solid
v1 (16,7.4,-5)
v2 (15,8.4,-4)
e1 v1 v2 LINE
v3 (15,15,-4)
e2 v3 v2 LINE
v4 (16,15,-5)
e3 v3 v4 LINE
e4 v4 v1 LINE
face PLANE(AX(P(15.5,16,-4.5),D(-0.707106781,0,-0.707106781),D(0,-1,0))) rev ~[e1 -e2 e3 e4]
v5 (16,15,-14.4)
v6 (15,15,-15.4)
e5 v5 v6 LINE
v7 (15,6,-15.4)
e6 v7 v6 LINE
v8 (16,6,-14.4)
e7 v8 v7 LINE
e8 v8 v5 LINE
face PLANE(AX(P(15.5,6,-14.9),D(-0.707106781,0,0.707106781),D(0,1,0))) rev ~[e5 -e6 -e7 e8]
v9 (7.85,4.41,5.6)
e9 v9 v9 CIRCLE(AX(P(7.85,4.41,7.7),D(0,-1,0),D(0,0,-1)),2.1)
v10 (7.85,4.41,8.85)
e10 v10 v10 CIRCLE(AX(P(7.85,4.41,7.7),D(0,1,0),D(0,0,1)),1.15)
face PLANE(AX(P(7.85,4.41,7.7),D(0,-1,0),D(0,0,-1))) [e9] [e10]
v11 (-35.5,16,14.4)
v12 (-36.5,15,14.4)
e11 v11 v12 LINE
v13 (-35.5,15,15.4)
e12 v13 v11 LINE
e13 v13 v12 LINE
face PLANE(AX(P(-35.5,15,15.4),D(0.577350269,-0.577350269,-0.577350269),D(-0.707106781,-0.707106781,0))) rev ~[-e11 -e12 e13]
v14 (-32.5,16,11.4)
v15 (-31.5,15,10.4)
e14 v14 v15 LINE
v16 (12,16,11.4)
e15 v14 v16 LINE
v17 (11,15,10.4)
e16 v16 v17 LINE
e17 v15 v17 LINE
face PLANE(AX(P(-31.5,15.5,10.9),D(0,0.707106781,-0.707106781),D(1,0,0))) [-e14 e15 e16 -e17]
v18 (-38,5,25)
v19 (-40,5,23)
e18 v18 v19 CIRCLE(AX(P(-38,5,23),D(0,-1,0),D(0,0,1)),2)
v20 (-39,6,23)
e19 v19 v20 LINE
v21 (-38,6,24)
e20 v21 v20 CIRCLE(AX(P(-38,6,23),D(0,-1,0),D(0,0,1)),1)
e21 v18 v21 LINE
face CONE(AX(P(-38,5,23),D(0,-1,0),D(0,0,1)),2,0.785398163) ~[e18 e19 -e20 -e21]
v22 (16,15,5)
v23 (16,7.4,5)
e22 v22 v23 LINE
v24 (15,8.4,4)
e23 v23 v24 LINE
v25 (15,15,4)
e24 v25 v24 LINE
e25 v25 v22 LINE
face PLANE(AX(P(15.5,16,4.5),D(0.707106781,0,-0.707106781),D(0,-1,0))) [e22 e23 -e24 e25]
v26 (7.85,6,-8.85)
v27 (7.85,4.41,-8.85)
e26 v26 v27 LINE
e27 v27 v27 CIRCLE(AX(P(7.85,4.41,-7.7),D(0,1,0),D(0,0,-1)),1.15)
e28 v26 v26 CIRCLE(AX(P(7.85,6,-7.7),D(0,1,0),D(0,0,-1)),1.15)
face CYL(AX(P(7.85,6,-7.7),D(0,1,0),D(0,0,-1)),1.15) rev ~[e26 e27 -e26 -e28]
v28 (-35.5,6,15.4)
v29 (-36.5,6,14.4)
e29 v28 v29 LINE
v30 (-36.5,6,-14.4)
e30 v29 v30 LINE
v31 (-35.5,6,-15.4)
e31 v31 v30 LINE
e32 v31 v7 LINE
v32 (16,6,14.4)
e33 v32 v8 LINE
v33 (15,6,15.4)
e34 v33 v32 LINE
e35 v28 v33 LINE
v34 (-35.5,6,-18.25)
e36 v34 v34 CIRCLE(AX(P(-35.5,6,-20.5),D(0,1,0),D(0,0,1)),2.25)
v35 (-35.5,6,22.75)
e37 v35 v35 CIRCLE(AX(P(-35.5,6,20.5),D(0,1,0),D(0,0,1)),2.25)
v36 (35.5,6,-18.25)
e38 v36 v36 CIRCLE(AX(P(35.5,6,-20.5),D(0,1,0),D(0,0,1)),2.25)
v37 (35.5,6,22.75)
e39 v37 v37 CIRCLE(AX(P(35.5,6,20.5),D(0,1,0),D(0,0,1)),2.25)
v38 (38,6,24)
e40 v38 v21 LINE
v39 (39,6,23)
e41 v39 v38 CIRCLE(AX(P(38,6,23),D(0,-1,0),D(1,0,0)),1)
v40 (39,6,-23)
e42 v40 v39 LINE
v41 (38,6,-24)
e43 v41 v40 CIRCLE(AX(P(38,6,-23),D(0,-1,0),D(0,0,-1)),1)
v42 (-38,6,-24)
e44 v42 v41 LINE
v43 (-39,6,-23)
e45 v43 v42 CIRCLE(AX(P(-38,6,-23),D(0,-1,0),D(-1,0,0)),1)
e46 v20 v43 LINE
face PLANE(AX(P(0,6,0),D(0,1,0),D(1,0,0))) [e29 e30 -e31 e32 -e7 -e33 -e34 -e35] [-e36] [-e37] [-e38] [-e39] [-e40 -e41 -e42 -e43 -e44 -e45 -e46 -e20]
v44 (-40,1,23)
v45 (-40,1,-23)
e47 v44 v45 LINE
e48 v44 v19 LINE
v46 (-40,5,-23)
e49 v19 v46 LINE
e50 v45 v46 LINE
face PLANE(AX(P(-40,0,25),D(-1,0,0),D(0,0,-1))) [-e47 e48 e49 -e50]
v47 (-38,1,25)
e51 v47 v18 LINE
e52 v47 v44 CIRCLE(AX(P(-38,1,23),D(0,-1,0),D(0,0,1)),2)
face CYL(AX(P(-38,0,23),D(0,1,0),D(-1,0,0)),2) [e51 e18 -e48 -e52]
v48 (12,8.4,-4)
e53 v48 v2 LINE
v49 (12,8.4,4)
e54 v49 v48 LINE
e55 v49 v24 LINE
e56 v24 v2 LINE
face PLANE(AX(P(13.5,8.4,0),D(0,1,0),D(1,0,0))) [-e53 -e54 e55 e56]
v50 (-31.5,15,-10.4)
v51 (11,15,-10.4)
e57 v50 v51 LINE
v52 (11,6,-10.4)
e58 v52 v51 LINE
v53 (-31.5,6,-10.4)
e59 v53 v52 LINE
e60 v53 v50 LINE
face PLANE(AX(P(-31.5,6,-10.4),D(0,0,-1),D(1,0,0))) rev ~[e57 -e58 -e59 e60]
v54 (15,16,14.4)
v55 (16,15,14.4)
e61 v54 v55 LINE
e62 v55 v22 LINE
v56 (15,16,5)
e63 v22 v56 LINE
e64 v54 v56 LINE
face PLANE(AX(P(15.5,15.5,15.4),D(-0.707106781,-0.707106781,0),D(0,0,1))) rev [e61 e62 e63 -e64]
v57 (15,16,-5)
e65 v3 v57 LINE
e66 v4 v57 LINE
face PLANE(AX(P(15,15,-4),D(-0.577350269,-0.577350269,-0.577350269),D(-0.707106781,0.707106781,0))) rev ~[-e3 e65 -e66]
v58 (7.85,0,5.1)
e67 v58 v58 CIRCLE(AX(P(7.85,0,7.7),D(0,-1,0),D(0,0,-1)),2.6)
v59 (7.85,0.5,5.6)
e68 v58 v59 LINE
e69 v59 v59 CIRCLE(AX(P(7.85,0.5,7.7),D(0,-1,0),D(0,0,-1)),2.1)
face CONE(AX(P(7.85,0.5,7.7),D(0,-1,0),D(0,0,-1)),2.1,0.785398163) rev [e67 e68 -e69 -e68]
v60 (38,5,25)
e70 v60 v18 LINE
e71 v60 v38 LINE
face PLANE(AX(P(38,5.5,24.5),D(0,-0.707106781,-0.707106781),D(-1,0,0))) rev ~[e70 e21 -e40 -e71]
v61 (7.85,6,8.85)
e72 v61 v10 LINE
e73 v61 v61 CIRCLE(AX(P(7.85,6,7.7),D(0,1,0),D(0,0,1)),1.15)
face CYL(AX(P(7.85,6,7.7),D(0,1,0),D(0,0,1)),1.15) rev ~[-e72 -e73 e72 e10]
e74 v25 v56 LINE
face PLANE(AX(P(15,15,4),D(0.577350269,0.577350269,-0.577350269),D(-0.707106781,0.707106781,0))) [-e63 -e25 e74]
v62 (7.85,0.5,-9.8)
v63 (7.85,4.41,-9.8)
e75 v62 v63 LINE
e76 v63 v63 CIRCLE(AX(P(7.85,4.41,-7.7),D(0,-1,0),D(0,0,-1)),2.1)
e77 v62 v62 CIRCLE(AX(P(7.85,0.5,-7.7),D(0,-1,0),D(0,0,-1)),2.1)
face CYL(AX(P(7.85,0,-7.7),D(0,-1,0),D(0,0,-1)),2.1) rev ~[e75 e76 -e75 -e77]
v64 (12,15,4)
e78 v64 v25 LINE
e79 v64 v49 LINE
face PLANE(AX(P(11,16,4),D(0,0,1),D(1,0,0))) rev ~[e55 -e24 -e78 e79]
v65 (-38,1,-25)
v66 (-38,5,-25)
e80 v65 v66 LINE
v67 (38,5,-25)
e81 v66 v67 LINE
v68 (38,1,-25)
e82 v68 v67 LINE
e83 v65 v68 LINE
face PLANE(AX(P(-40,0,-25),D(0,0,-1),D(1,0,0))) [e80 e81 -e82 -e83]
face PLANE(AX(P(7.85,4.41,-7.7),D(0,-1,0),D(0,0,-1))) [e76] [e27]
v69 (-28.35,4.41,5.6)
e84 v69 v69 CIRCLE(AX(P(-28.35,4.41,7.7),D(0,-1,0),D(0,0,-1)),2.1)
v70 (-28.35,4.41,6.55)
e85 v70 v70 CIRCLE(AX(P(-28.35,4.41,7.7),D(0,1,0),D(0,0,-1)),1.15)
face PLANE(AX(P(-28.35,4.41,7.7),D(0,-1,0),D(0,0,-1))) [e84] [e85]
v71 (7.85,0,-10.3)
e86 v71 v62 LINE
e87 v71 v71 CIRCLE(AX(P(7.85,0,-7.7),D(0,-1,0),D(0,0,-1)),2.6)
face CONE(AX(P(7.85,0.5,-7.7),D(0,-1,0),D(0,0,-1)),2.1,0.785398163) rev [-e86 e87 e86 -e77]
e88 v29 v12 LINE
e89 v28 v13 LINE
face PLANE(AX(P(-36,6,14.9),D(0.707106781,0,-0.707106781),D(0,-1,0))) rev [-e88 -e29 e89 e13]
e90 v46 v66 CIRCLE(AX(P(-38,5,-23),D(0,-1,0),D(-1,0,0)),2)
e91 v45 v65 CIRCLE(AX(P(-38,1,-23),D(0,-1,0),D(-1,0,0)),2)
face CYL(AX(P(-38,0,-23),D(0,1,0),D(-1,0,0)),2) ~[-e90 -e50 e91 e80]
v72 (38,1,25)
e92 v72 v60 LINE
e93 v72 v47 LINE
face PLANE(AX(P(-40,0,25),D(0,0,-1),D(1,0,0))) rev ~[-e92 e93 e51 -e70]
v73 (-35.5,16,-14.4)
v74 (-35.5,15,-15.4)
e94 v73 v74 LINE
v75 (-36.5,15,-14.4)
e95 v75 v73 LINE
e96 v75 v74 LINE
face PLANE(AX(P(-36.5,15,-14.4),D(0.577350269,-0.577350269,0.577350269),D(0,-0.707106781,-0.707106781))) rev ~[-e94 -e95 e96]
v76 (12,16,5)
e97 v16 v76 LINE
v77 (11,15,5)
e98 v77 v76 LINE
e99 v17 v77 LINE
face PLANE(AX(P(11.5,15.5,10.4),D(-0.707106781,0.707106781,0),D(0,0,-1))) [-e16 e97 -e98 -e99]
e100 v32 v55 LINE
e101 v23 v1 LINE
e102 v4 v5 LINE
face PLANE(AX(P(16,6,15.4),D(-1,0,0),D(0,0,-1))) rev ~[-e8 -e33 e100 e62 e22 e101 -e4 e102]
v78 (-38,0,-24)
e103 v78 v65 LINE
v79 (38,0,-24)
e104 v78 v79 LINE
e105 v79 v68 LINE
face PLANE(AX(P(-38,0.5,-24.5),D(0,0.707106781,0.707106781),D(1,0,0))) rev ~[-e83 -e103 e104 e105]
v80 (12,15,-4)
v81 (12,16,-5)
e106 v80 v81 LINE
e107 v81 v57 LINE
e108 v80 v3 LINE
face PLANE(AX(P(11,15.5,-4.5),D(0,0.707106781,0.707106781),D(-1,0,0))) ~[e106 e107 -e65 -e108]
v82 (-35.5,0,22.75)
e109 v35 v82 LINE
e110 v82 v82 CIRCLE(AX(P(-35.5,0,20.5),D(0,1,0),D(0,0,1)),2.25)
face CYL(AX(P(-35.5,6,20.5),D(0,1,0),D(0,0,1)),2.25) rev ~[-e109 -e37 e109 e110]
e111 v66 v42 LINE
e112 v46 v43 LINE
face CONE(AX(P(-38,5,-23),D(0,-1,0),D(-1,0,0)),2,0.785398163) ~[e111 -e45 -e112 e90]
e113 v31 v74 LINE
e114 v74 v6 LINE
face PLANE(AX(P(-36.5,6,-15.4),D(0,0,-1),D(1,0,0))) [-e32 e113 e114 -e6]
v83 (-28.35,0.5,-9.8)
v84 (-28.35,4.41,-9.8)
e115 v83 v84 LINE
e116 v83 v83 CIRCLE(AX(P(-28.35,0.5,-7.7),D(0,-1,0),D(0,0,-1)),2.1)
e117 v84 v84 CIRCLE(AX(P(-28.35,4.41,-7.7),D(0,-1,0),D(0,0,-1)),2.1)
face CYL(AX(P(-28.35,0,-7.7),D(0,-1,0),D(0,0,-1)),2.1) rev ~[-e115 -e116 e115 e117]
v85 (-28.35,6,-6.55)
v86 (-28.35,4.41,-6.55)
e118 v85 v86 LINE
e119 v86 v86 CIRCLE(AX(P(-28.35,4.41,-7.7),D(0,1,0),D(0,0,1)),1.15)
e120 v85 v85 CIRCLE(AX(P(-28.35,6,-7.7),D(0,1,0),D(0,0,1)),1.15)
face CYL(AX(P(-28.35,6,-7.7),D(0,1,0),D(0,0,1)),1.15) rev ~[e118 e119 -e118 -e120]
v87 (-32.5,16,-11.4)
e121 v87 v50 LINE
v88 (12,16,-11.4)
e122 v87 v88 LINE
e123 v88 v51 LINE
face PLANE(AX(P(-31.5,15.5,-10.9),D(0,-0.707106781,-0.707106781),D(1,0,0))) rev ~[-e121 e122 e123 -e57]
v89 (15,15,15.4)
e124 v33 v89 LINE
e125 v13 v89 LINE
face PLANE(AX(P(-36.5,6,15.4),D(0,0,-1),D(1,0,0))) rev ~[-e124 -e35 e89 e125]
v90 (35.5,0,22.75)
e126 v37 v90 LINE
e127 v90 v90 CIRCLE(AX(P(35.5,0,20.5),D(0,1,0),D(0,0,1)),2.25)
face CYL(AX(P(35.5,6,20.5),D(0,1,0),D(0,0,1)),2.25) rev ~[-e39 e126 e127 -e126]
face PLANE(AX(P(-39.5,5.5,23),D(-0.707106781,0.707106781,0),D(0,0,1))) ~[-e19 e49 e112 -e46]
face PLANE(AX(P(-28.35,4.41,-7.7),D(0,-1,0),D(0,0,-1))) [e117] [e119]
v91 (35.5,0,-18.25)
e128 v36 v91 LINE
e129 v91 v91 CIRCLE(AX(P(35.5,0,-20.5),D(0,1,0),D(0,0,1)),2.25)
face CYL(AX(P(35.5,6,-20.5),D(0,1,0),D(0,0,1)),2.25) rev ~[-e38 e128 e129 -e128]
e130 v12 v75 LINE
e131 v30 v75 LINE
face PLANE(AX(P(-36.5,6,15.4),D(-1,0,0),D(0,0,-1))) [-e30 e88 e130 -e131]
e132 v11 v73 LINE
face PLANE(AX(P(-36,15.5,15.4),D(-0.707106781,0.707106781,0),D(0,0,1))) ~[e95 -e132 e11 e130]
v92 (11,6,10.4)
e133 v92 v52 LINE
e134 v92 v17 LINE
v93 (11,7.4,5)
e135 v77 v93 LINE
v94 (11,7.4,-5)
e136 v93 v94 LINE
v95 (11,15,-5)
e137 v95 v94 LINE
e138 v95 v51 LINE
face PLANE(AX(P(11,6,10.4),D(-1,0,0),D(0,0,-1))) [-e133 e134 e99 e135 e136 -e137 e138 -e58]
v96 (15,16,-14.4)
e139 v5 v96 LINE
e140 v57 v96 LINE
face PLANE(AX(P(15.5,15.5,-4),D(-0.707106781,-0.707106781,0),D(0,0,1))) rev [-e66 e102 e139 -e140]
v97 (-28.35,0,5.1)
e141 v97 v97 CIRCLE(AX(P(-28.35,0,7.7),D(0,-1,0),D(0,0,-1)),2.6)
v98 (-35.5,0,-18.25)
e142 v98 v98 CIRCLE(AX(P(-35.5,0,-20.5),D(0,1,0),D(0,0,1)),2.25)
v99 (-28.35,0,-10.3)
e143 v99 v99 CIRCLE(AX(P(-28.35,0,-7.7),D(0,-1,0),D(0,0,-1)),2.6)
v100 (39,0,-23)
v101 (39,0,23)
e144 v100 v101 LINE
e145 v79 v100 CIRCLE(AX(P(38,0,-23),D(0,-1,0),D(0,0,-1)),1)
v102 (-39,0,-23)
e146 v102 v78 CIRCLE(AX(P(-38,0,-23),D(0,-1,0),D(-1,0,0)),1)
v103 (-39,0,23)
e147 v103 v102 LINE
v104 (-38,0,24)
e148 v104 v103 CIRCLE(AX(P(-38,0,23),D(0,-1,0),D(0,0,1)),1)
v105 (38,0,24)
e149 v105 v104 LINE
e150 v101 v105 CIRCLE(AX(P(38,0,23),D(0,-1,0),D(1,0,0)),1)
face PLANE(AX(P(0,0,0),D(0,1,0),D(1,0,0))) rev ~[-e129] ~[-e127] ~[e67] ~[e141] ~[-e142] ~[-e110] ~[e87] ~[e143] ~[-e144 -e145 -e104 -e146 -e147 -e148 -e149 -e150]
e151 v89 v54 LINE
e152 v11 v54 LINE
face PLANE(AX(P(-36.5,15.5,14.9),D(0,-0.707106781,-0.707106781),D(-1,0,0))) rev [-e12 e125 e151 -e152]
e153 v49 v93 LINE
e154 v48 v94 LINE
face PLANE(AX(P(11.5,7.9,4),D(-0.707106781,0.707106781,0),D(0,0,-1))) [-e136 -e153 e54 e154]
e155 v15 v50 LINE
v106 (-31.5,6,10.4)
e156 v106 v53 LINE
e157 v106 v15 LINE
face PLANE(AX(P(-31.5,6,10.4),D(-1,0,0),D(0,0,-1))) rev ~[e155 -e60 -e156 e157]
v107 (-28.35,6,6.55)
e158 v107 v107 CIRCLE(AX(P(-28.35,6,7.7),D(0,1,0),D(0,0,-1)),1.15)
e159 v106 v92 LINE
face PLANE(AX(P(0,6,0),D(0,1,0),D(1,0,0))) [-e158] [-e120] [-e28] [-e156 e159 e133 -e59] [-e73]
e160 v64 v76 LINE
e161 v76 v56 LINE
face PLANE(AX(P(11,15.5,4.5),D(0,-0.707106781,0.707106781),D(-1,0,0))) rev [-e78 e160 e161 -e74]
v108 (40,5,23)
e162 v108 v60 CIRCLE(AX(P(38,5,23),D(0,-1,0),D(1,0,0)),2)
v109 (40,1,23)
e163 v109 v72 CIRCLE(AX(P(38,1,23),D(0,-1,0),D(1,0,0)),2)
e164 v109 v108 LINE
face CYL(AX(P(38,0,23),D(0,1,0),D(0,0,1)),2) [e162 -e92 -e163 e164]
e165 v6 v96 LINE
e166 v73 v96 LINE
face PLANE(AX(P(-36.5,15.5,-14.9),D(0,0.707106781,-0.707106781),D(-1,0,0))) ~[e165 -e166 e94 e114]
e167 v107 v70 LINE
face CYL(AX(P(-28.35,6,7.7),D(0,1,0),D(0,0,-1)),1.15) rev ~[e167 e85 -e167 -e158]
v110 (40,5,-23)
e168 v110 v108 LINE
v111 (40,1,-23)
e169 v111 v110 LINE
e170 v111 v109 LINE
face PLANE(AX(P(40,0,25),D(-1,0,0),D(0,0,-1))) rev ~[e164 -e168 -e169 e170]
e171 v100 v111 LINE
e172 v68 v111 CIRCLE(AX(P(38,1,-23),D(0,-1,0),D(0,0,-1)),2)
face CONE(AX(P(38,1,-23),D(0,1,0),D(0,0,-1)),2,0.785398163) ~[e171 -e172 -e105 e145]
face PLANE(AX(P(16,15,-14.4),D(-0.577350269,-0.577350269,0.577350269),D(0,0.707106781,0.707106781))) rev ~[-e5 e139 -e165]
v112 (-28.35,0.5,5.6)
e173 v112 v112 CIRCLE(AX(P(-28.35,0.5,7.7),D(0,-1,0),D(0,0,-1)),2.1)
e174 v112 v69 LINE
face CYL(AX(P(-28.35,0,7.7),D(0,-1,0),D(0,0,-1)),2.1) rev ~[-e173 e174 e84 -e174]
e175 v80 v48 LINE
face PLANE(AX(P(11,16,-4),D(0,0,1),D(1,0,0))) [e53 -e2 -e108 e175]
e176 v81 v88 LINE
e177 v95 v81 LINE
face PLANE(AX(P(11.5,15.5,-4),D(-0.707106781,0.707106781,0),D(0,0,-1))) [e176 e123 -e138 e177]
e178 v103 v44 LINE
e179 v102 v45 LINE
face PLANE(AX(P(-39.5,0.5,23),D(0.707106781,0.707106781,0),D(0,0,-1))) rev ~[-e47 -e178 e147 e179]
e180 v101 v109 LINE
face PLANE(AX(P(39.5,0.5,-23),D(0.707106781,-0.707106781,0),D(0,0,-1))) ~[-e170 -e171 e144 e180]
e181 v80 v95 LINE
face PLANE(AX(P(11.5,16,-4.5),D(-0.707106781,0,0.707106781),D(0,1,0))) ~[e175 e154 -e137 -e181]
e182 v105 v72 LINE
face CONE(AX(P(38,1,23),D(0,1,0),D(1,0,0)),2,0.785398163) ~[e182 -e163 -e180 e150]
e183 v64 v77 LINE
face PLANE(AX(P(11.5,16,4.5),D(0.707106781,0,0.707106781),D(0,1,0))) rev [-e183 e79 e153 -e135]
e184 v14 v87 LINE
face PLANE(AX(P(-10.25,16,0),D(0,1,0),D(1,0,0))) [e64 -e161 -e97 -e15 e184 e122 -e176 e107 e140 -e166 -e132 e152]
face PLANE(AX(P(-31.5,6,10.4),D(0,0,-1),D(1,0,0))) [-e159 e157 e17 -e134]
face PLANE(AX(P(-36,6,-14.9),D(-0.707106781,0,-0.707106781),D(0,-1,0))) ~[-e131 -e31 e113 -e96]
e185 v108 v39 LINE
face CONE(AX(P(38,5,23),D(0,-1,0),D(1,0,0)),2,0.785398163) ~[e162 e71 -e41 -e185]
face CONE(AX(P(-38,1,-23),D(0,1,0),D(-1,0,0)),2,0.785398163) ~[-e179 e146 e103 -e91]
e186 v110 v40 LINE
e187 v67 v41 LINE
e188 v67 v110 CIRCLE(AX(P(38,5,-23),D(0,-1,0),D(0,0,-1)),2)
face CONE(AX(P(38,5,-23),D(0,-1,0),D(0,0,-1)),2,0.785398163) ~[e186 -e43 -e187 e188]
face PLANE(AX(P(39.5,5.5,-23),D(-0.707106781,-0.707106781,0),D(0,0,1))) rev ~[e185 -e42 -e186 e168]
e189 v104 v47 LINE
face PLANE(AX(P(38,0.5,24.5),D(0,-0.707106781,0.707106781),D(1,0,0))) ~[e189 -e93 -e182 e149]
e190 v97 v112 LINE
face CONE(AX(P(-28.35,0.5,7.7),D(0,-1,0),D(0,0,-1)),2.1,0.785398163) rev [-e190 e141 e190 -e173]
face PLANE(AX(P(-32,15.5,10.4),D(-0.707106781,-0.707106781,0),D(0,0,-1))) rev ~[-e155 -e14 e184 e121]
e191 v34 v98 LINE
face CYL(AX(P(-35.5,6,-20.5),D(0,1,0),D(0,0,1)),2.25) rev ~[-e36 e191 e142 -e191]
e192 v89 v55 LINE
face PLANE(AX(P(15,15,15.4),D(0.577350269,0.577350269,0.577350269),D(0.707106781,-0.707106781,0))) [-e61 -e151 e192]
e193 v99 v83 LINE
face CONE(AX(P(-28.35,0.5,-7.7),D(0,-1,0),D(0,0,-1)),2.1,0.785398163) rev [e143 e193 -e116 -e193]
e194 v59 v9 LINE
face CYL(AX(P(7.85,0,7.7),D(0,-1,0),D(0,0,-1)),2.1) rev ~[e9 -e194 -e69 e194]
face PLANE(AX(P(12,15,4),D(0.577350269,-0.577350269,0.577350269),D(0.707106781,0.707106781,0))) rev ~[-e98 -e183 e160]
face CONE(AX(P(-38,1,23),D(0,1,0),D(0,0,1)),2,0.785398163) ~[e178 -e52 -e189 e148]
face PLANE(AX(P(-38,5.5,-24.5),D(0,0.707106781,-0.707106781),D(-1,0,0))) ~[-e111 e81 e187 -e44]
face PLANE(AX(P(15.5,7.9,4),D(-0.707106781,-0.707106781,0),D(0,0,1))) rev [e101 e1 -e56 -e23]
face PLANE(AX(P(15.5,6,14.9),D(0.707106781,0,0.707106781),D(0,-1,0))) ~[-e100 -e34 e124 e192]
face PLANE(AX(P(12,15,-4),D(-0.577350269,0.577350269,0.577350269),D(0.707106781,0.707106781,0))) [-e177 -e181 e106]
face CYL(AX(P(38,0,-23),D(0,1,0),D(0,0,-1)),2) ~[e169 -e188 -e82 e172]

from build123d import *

# Parameters (mm, degrees)
SKETCH1_W           = 80
SKETCH1_H           = 50
BOSS_EXTRUDE1_DEPTH = 6
SKETCH4_W           = 52.5
SKETCH4_H           = 30.8
SKETCH4_W_2         = 42.5
SKETCH4_H_2         = 20.8
BOSS_EXTRUDE2_DEPTH = 10
SKETCH5_W           = 5
SKETCH5_H           = 8
CUT_EXTRUDE1_DEPTH  = 7.6
SKETCH6_R           = 1.15
CUT_EXTRUDE2_DEPTH  = 49.218253805
SKETCH7_R           = 2.1
CUT_EXTRUDE3_DEPTH  = 4.41
CHAMFER3_SIZE       = 1
CHAMFER4_SIZE       = 0.5
SKETCH8_R           = 2.25
CUT_EXTRUDE4_DEPTH  = 49.218253805
FILLET1_R           = 2
CHAMFER5_SIZE       = 1


with BuildPart() as part:
    # Sketch1 → Boss-Extrude1 (new body)
    with BuildSketch(Plane(origin=(0, 0, 0), x_dir=(1, 0, 0), z_dir=(0, 1, 0))):
        Rectangle(SKETCH1_W, SKETCH1_H)
    extrude(amount=BOSS_EXTRUDE1_DEPTH)

    # Sketch4 → Boss-Extrude2 (add)
    with BuildSketch(Plane(origin=(0, 6, 0), x_dir=(1, 0, 0), z_dir=(0, 1, 0))):
        with Locations((-10.25, 0)):
            Rectangle(SKETCH4_W, SKETCH4_H)
        with Locations((-10.25, 0)):
            Rectangle(SKETCH4_W_2, SKETCH4_H_2, mode=Mode.SUBTRACT)
    extrude(amount=BOSS_EXTRUDE2_DEPTH)

    # Sketch5 → Cut-Extrude1 (cut)
    with BuildSketch(Plane(origin=(0, 16, 0), x_dir=(1, 0, 0), z_dir=(0, 1, 0))):
        with Locations((13.5, 0)):
            Rectangle(SKETCH5_W, SKETCH5_H)
    extrude(amount=-CUT_EXTRUDE1_DEPTH, mode=Mode.SUBTRACT)

    # Sketch6 → Cut-Extrude2 (cut, through all)
    with BuildSketch(Plane(origin=(0, 6, 0), x_dir=(1, 0, 0), z_dir=(0, 1, 0))):
        with Locations(Location((-28.35, 7.7, 0), (0, 0, 270))):
            Circle(SKETCH6_R)
        with Locations(Location((7.85, 7.7, 0), (0, 0, 90))):
            Circle(SKETCH6_R)
        with Locations(Location((7.85, -7.7, 0), (0, 0, 270))):
            Circle(SKETCH6_R)
        with Locations(Location((-28.35, -7.7, 0), (0, 0, 90))):
            Circle(SKETCH6_R)
    extrude(amount=-CUT_EXTRUDE2_DEPTH, mode=Mode.SUBTRACT)

    # Sketch7 → Cut-Extrude3 (cut)
    with BuildSketch(Plane.XZ):
        with Locations(Location((-28.35, 7.7, 0), (0, 0, 270))):
            Circle(SKETCH7_R)
        with Locations(Location((7.85, 7.7, 0), (0, 0, 270))):
            Circle(SKETCH7_R)
        with Locations(Location((-28.35, -7.7, 0), (0, 0, 270))):
            Circle(SKETCH7_R)
        with Locations(Location((7.85, -7.7, 0), (0, 0, 270))):
            Circle(SKETCH7_R)
    extrude(amount=-CUT_EXTRUDE3_DEPTH, mode=Mode.SUBTRACT)

    # Chamfer3
    chamfer3_edges = [part.edges().sort_by_distance(p)[0] for p in [
        (16, 16, 9.7),
        (-10.25, 16, -15.4),
        (-36.5, 16, 0),
        (-10.25, 16, 15.4),
        (16, 11, 15.4),
        (16, 11, -15.4),
        (-36.5, 11, -15.4),
        (-36.5, 11, 15.4),
        (11, 16, 7.2),
        (-10.25, 16, -10.4),
        (-31.5, 16, 0),
        (-10.25, 16, 10.4),
        (11, 16, -7.2),
        (16, 16, -9.7),
        (16, 8.4, 0),
        (16, 12.2, -4),
        (16, 12.2, 4),
        (11, 8.4, 0),
        (11, 12.2, 4),
        (11, 12.2, -4),
        (13.5, 16, -4),
        (13.5, 16, 4),
    ]]
    chamfer(chamfer3_edges, length=CHAMFER3_SIZE)

    # Chamfer4
    chamfer4_edges = [part.edges().sort_by_distance(p)[0] for p in [
        (7.85, 0, 9.8),
        (-28.35, 0, -5.6),
        (7.85, 0, -5.6),
        (-28.35, 0, 9.8),
    ]]
    chamfer(chamfer4_edges, length=CHAMFER4_SIZE)

    # Sketch8 → Cut-Extrude4 (cut, through all)
    with BuildSketch(Plane(origin=(0, 6, 0), x_dir=(1, 0, 0), z_dir=(0, 1, 0))):
        with Locations(Location((-35.5, 20.5, 0), (0, 0, 270))):
            Circle(SKETCH8_R)
        with Locations(Location((35.5, 20.5, 0), (0, 0, 270))):
            Circle(SKETCH8_R)
        with Locations(Location((35.5, -20.5, 0), (0, 0, 270))):
            Circle(SKETCH8_R)
        with Locations(Location((-35.5, -20.5, 0), (0, 0, 270))):
            Circle(SKETCH8_R)
    extrude(amount=-CUT_EXTRUDE4_DEPTH, mode=Mode.SUBTRACT)

    # Fillet1
    fillet1_edges = [part.edges().sort_by_distance(p)[0] for p in [
        (40, 3, 25),
        (-40, 3, 25),
        (-40, 3, -25),
        (40, 3, -25),
    ]]
    fillet(fillet1_edges, radius=FILLET1_R)

    # Chamfer5
    chamfer5_edges = [part.edges().sort_by_distance(p)[0] for p in [
        (-40, 0, 0),
        (-40, 6, 0),
        (40, 0, 0),
        (0, 0, 25),
        (0, 0, -25),
        (-39.414213562, 0, 24.414213562),
        (39.414213562, 0, 24.414213562),
        (39.414213562, 0, -24.414213562),
        (-39.414213562, 0, -24.414213562),
        (0, 6, -25),
        (40, 6, 0),
        (0, 6, 25),
        (-39.414213562, 6, 24.414213562),
        (39.414213562, 6, 24.414213562),
        (39.414213562, 6, -24.414213562),
        (-39.414213562, 6, -24.414213562),
    ]]
    chamfer(chamfer5_edges, length=CHAMFER5_SIZE)


solid = part.part
